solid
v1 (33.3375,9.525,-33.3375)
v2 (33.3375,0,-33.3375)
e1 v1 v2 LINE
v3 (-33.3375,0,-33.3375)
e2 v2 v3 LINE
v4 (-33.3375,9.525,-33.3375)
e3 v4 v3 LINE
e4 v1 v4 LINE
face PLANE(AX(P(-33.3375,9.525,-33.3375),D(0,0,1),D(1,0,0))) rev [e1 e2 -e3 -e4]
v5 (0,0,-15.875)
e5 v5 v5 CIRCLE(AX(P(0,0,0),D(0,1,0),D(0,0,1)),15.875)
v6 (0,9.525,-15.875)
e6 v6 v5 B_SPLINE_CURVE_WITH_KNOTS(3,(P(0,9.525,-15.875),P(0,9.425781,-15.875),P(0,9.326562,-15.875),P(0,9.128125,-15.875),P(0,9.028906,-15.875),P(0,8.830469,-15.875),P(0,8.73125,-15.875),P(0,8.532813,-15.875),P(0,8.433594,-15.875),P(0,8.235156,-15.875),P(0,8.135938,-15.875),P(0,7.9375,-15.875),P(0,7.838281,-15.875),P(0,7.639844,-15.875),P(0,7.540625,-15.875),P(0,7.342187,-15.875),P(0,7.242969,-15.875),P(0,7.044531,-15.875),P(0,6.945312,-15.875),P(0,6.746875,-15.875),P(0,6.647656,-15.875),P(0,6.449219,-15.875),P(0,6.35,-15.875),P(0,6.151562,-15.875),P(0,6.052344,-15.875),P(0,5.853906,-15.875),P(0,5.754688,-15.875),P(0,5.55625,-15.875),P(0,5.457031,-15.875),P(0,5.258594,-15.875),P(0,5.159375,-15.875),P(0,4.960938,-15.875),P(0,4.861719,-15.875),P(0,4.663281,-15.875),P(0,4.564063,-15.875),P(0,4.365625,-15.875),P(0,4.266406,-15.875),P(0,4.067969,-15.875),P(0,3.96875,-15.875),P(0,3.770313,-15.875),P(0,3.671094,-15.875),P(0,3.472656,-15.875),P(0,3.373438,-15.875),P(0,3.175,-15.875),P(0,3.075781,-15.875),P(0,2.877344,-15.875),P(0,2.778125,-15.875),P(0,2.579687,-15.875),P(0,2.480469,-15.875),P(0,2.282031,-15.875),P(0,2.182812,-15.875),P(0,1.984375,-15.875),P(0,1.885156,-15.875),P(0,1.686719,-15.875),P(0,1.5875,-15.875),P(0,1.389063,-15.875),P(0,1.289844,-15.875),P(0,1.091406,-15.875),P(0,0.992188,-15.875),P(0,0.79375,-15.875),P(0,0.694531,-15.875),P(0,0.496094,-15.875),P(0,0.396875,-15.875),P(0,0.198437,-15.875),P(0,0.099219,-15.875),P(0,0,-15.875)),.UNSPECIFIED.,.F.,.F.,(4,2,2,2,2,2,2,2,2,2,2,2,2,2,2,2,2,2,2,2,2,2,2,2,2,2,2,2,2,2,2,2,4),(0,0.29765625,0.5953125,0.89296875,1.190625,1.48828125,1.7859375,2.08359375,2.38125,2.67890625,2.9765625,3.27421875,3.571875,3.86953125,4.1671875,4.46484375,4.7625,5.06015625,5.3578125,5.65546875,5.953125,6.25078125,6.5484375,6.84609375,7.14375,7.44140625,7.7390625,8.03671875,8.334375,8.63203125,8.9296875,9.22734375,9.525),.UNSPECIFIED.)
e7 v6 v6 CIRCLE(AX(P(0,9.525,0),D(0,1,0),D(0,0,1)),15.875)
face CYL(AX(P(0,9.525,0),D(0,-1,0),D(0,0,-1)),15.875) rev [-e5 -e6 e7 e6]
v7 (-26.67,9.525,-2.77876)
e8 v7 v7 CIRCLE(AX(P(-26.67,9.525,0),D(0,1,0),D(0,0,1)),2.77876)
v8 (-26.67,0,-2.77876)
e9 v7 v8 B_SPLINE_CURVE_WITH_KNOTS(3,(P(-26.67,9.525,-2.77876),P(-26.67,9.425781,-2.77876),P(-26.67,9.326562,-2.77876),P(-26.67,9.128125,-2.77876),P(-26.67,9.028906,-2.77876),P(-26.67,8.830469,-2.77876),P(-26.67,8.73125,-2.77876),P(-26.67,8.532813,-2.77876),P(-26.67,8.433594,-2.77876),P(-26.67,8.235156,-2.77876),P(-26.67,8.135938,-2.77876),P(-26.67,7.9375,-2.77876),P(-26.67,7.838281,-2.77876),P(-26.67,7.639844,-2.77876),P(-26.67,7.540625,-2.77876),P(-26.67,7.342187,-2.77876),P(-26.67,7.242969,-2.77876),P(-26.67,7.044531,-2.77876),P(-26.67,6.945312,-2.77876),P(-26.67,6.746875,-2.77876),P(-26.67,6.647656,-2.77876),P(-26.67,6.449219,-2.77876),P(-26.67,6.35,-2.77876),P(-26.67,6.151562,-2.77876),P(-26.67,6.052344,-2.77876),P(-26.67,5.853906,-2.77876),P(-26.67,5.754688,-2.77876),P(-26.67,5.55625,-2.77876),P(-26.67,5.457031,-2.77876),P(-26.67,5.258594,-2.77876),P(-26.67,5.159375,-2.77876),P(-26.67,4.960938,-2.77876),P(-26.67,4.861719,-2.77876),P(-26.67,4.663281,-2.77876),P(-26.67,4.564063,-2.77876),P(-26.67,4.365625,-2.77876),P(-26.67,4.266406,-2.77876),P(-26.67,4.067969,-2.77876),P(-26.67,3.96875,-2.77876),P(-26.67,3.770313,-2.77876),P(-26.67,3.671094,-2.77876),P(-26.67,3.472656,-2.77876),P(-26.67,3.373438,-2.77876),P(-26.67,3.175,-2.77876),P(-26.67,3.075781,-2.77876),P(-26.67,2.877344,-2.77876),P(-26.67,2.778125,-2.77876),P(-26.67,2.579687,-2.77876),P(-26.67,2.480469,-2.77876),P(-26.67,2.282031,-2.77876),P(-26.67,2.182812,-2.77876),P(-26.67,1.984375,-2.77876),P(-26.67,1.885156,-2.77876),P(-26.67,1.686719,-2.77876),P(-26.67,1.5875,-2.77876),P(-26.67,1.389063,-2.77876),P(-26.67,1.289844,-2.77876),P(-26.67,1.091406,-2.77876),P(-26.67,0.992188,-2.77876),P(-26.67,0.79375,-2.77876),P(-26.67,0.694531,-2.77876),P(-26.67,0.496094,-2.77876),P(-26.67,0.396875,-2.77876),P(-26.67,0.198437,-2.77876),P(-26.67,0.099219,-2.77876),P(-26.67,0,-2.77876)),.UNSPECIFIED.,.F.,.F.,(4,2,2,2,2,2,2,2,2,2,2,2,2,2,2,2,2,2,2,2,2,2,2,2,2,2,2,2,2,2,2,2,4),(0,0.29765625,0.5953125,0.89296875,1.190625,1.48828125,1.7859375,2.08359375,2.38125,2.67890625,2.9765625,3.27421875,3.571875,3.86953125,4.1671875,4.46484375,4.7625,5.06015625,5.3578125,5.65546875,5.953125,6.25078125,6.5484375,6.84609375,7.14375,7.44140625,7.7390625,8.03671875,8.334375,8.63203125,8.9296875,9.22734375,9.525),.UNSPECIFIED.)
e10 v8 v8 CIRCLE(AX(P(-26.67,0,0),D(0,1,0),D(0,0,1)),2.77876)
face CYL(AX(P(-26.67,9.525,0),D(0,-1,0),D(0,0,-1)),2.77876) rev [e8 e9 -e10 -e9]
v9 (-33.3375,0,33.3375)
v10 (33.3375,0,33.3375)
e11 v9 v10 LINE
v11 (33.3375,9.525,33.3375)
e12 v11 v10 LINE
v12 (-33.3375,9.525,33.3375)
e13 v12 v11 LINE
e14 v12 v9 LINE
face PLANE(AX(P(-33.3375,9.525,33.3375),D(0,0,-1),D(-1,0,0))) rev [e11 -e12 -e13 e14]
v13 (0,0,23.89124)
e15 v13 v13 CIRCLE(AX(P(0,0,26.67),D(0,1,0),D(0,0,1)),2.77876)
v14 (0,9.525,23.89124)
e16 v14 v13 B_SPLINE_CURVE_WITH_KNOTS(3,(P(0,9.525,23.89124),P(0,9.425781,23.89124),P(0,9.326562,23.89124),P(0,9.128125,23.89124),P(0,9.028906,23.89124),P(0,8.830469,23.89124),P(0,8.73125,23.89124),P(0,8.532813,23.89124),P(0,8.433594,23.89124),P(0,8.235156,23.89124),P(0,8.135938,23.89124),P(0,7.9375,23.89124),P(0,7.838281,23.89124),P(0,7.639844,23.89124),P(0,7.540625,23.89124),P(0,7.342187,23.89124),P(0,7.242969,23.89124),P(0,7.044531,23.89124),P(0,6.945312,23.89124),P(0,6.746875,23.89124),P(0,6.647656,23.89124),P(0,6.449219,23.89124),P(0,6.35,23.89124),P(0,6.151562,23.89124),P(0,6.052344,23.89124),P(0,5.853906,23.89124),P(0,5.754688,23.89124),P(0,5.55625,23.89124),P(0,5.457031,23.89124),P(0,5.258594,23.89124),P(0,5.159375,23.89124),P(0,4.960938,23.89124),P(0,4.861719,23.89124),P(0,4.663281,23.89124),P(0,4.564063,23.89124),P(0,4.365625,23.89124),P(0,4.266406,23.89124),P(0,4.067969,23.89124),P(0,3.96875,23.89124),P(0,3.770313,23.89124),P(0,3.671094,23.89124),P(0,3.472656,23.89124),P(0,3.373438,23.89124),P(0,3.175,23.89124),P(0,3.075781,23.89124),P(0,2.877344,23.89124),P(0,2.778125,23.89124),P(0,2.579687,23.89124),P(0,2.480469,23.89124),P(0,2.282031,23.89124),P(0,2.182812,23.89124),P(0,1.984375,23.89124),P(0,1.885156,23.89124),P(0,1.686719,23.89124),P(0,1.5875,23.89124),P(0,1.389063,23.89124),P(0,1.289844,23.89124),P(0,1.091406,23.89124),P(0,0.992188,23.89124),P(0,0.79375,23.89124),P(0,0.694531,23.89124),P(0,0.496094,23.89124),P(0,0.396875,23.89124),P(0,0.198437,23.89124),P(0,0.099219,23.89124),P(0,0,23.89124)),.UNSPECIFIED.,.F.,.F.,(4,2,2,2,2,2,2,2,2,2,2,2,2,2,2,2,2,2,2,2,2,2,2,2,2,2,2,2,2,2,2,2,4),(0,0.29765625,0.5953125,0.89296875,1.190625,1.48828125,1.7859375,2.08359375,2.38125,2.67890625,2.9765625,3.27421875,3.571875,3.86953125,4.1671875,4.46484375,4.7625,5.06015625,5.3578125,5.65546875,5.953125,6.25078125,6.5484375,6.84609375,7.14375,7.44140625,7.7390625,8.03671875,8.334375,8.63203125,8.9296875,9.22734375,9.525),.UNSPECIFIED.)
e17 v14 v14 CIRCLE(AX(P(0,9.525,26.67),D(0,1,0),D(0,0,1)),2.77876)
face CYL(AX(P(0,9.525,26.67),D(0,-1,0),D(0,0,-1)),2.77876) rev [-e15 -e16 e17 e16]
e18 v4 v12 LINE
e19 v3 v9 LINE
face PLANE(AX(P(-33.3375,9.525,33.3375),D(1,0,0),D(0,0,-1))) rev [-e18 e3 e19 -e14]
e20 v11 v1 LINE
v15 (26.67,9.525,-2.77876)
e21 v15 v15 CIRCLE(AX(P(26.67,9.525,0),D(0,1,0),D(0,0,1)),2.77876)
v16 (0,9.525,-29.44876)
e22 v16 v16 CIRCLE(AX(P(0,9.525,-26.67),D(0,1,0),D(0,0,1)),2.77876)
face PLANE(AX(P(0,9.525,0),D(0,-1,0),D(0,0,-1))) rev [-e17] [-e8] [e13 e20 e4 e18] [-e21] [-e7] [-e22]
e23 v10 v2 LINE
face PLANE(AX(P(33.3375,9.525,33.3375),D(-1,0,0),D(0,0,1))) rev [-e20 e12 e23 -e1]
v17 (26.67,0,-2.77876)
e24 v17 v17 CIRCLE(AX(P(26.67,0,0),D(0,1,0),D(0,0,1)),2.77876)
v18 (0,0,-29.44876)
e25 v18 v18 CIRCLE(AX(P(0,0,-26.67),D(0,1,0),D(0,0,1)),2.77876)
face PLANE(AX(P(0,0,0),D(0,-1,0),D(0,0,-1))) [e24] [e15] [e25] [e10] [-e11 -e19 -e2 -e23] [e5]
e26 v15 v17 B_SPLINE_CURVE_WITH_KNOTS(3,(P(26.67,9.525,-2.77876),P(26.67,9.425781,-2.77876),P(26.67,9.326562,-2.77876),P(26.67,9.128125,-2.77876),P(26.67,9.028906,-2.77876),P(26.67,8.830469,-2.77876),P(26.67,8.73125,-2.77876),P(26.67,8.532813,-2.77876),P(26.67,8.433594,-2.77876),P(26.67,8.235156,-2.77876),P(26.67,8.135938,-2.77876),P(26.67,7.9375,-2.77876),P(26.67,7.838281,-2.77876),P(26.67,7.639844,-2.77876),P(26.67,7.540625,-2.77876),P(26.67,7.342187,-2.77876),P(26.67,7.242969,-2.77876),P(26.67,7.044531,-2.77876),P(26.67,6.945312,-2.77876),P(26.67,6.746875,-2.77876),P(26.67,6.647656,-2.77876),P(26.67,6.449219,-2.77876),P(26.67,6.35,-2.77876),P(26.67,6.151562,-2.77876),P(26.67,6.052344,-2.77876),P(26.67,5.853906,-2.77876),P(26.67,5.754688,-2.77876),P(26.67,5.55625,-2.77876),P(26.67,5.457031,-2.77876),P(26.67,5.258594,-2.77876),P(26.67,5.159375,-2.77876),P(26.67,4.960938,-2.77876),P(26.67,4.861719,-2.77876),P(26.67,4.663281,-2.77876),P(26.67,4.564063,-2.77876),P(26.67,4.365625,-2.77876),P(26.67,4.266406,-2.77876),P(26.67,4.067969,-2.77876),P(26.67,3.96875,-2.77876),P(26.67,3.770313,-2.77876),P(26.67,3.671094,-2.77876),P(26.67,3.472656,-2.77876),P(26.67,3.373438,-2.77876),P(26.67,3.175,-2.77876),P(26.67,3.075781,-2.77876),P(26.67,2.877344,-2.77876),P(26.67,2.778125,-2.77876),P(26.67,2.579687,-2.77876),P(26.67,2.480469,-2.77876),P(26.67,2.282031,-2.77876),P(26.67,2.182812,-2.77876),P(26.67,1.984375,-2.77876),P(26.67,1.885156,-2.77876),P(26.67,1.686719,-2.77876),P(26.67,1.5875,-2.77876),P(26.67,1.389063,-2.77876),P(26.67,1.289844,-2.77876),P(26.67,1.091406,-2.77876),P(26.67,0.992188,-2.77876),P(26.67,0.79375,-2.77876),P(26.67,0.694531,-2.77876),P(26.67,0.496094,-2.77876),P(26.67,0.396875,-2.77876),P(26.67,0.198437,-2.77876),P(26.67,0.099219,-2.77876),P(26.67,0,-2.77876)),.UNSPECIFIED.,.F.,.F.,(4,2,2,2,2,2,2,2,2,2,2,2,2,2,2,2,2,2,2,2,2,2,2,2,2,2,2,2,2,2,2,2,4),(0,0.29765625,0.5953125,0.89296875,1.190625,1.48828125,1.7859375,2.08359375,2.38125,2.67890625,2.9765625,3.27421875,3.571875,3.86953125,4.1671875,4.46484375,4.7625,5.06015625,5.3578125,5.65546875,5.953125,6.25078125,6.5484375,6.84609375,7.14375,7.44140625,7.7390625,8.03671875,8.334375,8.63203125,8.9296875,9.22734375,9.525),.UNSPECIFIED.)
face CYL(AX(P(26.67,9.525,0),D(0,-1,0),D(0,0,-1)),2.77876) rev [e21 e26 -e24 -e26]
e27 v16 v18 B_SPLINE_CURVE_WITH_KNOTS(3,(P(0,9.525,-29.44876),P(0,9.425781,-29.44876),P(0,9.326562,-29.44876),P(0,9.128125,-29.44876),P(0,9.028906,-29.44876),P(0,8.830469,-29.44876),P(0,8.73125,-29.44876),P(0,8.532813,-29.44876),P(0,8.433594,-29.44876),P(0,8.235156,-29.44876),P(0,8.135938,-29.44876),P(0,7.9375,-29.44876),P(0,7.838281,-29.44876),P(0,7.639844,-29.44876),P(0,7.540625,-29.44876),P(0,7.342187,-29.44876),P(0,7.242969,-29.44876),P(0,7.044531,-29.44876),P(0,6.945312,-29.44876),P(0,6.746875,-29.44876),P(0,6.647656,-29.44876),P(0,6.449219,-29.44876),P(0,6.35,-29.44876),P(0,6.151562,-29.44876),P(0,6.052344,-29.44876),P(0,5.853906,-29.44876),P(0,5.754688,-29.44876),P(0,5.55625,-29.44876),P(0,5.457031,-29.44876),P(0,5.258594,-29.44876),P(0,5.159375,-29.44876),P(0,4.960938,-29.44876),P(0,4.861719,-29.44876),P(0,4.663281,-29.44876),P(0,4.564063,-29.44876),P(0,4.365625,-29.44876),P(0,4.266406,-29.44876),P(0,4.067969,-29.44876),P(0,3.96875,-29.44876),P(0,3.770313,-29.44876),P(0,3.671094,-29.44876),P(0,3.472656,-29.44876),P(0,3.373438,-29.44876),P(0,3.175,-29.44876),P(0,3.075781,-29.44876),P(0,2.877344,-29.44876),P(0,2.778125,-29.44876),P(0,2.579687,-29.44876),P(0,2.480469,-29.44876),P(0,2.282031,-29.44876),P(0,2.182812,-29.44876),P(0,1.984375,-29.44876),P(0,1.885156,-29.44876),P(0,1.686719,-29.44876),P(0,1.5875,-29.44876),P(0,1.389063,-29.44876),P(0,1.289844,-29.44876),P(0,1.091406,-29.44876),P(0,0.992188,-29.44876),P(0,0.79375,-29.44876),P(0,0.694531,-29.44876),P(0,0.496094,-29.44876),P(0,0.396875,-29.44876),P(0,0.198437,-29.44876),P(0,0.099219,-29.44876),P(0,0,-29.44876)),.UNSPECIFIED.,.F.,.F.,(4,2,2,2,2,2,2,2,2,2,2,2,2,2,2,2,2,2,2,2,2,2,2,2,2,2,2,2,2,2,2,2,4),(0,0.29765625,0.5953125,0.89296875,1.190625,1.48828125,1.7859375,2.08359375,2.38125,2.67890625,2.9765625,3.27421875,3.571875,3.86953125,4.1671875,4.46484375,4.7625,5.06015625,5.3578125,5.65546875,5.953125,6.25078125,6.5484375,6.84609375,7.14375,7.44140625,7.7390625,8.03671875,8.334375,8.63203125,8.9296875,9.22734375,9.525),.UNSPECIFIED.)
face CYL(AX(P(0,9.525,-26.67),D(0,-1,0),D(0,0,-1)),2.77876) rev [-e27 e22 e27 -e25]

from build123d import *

# Parameters (mm, degrees)
SKETCH1_W           = 66.675
SKETCH1_H           = 66.675
SKETCH1_R           = 15.875
SKETCH1_R_2         = 2.77876
BOSS_EXTRUDE1_DEPTH = 9.525


with BuildPart() as part:
    # Sketch1 → Boss-Extrude1 (new body)
    with BuildSketch(Plane(origin=(0, 0, 0), x_dir=(1, 0, 0), z_dir=(0, 1, 0))):
        Rectangle(SKETCH1_W, SKETCH1_H)
        with Locations(Location((0, 0, 0), (0, 0, 90))):
            Circle(SKETCH1_R, mode=Mode.SUBTRACT)
        with Locations(Location((0, 26.67, 0), (0, 0, 90))):
            Circle(SKETCH1_R_2, mode=Mode.SUBTRACT)
        with Locations(Location((26.67, 0, 0), (0, 0, 90))):
            Circle(SKETCH1_R_2, mode=Mode.SUBTRACT)
        with Locations(Location((0, -26.67, 0), (0, 0, 90))):
            Circle(SKETCH1_R_2, mode=Mode.SUBTRACT)
        with Locations(Location((-26.67, 0, 0), (0, 0, 90))):
            Circle(SKETCH1_R_2, mode=Mode.SUBTRACT)
    extrude(amount=BOSS_EXTRUDE1_DEPTH)


solid = part.part
